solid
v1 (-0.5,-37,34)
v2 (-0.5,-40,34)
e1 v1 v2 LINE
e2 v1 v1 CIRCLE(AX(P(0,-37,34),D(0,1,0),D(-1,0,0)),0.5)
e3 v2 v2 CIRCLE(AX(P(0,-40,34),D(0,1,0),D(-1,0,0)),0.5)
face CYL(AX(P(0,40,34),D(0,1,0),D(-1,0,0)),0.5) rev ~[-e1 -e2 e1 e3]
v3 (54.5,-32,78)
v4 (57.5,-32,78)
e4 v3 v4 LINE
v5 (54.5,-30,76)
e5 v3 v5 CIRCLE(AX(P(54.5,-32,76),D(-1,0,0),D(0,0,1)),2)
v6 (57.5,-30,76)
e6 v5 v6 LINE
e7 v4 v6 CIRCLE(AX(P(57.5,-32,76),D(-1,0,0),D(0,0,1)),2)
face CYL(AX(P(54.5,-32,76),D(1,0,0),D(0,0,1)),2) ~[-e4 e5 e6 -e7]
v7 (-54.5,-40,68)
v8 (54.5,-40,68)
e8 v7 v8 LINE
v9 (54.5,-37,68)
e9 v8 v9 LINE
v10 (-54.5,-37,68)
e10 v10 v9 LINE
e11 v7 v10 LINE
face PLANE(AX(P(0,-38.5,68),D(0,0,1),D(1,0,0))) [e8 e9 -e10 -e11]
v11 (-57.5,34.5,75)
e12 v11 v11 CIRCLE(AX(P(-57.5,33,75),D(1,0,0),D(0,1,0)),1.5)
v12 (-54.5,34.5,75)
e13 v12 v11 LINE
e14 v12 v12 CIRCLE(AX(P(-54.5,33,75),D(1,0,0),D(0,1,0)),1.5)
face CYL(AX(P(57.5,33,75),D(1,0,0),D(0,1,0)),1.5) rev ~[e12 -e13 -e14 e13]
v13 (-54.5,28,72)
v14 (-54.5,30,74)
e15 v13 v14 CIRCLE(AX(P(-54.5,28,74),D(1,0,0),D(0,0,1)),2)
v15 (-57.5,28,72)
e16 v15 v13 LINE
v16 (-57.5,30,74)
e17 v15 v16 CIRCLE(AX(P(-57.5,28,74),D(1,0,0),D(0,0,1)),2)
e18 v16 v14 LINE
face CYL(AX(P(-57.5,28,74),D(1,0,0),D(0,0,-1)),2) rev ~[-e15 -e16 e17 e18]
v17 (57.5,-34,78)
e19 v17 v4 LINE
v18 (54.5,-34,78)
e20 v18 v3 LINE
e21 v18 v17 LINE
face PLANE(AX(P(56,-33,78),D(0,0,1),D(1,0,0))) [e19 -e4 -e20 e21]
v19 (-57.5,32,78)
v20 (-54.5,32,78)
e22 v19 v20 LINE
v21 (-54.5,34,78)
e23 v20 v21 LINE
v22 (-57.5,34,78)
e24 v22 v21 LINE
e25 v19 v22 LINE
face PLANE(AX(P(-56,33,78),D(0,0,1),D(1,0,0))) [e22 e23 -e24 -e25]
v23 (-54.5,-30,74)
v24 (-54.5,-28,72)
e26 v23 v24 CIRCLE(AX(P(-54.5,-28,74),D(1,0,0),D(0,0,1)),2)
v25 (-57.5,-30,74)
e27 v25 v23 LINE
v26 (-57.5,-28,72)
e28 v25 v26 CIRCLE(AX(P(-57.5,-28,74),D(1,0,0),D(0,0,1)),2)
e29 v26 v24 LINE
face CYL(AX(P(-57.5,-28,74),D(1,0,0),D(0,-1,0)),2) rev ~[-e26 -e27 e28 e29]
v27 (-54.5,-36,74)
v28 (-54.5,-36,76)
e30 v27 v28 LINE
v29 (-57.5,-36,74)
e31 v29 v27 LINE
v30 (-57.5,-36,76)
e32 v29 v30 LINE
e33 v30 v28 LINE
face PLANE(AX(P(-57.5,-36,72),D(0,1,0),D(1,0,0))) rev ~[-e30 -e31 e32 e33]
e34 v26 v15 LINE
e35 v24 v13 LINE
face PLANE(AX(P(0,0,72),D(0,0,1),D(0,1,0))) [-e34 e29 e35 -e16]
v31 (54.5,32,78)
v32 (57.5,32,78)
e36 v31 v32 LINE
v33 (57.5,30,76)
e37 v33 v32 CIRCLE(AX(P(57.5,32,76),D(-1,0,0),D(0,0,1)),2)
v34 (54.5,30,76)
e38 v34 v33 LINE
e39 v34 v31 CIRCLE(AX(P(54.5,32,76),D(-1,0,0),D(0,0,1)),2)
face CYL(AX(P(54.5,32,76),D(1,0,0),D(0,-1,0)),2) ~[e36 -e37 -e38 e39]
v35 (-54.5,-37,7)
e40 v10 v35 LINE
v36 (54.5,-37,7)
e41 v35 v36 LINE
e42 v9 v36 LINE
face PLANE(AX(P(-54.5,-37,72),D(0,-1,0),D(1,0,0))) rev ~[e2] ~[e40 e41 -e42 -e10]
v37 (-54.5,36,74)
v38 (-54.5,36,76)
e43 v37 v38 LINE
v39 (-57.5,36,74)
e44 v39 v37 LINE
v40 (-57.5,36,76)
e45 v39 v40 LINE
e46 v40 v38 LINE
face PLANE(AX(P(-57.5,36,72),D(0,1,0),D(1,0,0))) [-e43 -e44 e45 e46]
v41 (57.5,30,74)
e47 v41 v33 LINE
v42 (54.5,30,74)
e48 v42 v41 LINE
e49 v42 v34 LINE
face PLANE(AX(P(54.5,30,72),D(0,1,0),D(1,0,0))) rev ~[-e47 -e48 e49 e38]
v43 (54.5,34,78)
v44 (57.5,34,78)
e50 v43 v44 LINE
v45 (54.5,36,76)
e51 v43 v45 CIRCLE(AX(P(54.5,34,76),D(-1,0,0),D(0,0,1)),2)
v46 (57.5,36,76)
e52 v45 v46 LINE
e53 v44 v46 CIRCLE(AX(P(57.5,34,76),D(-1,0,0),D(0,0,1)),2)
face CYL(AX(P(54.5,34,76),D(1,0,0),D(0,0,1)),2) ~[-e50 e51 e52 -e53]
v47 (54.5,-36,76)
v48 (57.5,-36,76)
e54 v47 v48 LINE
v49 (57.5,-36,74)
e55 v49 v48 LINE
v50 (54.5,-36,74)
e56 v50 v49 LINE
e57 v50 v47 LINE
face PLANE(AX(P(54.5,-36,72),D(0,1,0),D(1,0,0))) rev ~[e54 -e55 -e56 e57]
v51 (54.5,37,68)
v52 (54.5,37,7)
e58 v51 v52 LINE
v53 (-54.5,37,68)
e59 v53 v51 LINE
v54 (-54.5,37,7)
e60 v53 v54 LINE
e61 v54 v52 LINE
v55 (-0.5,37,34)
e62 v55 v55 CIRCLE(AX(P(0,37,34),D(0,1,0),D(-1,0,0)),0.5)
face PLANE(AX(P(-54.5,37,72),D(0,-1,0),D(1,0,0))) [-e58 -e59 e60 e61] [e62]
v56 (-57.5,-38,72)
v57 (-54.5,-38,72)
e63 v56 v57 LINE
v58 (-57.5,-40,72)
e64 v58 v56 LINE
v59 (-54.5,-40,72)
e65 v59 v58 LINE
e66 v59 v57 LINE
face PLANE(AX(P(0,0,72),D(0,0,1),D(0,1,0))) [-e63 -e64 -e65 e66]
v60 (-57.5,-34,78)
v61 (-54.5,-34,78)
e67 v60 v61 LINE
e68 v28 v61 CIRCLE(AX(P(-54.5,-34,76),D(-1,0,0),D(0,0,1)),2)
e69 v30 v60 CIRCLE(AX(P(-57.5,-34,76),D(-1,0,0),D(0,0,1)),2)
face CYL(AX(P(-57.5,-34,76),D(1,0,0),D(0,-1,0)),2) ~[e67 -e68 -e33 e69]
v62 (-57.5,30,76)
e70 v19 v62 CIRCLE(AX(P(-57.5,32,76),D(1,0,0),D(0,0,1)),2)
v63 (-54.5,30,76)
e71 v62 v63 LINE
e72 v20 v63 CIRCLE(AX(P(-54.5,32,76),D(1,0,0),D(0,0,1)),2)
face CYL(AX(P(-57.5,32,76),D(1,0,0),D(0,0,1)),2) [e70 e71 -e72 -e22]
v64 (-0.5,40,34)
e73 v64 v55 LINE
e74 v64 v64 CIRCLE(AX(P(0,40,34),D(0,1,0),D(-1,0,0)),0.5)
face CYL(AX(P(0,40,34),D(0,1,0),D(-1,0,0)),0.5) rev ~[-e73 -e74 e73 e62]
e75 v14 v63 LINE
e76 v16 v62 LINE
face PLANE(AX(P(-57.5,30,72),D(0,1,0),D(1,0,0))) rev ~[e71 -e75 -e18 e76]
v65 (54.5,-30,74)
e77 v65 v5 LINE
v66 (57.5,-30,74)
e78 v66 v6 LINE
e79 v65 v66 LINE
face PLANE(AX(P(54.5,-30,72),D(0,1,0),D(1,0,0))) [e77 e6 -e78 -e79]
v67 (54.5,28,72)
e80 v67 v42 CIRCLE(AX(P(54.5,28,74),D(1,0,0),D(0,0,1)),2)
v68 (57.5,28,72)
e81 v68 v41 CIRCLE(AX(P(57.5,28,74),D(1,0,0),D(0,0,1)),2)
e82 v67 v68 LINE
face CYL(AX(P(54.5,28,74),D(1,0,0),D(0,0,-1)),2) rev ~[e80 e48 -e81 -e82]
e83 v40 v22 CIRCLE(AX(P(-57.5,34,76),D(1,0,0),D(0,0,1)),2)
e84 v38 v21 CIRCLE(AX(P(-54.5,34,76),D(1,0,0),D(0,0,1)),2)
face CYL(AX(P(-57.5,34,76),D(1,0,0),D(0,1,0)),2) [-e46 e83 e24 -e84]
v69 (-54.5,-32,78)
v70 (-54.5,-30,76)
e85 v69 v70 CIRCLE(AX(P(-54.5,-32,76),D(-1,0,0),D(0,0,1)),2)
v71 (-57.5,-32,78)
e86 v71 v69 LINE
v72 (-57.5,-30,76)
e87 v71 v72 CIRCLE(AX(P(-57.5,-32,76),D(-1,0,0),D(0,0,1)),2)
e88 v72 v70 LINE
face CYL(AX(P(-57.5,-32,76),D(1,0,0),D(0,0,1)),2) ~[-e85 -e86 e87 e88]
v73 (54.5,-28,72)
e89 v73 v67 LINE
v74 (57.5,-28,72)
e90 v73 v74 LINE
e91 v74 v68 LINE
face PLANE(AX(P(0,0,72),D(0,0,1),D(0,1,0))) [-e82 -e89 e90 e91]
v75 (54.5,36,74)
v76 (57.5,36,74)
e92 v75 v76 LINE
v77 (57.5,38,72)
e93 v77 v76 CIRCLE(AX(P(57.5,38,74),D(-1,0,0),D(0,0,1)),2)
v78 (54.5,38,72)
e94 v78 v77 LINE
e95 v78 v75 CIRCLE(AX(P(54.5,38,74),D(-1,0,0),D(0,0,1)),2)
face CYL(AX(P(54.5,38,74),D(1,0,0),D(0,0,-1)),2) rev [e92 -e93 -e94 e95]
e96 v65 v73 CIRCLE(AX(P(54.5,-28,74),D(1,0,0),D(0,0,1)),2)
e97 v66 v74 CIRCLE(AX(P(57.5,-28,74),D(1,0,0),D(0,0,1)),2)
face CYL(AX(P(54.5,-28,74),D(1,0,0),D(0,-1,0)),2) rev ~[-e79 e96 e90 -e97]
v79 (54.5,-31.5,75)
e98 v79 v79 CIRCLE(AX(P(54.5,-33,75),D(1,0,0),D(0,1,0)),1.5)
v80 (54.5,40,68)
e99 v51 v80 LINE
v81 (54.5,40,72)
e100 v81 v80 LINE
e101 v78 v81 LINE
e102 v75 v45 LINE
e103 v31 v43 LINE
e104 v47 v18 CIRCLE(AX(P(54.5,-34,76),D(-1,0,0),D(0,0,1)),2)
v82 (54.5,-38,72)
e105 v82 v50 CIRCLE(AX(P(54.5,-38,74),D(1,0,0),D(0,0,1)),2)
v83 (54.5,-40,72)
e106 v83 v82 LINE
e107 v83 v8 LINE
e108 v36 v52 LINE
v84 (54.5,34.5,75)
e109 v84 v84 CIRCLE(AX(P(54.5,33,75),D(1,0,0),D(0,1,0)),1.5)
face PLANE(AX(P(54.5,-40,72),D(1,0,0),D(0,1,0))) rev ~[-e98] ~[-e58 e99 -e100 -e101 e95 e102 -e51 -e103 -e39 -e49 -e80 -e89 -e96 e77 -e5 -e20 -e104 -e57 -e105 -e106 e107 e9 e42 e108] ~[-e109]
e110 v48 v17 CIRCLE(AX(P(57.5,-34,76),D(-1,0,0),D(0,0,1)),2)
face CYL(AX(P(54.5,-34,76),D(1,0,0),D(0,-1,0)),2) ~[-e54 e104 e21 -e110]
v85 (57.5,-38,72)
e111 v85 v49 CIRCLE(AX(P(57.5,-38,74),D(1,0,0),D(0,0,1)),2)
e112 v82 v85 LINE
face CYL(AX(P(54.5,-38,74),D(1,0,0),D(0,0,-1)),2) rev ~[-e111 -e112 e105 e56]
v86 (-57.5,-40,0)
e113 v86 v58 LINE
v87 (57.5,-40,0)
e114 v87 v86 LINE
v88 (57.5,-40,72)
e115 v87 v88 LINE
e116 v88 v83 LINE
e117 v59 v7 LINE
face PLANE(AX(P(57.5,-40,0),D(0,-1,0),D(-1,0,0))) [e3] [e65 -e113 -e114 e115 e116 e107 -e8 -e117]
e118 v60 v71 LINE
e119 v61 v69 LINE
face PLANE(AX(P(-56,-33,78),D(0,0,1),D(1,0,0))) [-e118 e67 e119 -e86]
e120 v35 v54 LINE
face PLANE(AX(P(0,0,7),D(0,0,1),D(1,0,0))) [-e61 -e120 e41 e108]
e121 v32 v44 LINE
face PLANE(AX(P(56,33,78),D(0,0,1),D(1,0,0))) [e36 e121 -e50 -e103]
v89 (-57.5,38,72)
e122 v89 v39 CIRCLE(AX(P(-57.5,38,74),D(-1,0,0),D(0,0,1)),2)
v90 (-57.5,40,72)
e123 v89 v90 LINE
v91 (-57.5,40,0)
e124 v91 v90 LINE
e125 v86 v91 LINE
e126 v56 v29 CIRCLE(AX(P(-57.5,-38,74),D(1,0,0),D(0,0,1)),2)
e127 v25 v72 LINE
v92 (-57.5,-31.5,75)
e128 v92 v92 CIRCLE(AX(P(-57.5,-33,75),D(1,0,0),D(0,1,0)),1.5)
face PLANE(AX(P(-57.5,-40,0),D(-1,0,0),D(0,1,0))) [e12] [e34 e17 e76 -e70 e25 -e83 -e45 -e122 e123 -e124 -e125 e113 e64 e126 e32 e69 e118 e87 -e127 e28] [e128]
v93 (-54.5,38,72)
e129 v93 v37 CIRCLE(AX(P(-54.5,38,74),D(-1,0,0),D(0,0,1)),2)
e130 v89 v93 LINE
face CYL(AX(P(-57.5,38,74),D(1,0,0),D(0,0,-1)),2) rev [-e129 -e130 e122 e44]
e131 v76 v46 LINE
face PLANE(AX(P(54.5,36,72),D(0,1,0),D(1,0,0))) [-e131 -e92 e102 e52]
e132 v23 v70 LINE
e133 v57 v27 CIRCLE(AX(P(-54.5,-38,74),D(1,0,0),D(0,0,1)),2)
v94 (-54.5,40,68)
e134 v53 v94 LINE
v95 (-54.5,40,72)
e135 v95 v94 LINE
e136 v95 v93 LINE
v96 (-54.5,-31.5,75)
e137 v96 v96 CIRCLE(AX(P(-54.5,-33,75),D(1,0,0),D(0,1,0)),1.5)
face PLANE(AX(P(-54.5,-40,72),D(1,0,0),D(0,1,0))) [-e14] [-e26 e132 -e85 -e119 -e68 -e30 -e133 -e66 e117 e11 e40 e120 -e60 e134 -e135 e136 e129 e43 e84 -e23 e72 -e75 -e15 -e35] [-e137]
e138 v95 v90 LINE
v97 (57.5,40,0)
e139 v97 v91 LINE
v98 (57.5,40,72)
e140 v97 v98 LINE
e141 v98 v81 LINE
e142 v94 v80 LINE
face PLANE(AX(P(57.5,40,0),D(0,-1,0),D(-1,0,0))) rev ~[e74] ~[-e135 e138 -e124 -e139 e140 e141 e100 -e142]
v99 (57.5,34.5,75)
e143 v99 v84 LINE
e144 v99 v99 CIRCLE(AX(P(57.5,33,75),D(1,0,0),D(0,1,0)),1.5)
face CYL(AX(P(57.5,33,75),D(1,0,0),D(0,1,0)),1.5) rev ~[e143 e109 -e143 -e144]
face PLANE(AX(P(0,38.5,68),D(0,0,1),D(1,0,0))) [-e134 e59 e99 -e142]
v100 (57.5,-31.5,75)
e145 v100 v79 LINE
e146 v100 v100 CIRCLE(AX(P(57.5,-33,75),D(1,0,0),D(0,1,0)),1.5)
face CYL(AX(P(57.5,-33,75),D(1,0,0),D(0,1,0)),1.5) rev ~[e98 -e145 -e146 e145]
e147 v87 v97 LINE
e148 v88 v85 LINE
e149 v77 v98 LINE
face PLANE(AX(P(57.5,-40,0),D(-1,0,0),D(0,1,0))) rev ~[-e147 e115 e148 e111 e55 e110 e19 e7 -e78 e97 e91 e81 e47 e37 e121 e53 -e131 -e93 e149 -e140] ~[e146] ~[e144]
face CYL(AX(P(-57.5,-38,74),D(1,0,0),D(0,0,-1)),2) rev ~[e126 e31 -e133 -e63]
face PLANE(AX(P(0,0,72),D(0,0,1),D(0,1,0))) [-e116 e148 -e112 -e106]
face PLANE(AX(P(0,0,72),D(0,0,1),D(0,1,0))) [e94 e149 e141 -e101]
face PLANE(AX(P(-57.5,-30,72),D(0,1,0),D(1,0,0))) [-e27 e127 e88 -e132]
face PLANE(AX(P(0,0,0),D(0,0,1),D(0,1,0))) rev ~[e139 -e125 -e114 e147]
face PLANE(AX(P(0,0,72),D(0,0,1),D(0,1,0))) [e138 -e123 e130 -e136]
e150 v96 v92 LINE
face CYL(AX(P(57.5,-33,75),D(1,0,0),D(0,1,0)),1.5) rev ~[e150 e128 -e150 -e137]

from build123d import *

# Parameters (mm, degrees)
SKETCH1_W               = 80
SKETCH1_H               = 115
BOSS_EXTRUDE1_DEPTH     = 72
SKETCH3_W               = 109
SKETCH3_H               = 74
CUT_EXTRUDE1_DEPTH      = 1
CUT_EXTRUDE1_DEPTH_BACK = 65
SKETCH4_W               = 3
SKETCH4_H               = 6
BOSS_EXTRUDE2_DEPTH     = 6
SKETCH5_W               = 109
SKETCH5_H               = 3
CUT_EXTRUDE2_DEPTH      = 4
SKETCH6_R               = 1.5
CUT_EXTRUDE3_DEPTH      = 1
CUT_EXTRUDE3_DEPTH_BACK = 116
FILLET1_R               = 2
SKETCH7_R               = 0.5
CUT_EXTRUDE4_DEPTH      = 1
CUT_EXTRUDE4_DEPTH_BACK = 81


with BuildPart() as part:
    # Sketch1 → Boss-Extrude1 (new body)
    with BuildSketch(Plane(origin=(0, 0, 0), x_dir=(0, 1, 0), z_dir=(0, 0, 1))):
        Rectangle(SKETCH1_W, SKETCH1_H)
    extrude(amount=BOSS_EXTRUDE1_DEPTH)

    # Sketch3 → Cut-Extrude1 (cut, two sides)
    with BuildSketch(Plane.XY.offset(72)) as cut_extrude1_sk:
        Rectangle(SKETCH3_W, SKETCH3_H)
    extrude(amount=CUT_EXTRUDE1_DEPTH, mode=Mode.SUBTRACT)
    extrude(cut_extrude1_sk.sketch, amount=-CUT_EXTRUDE1_DEPTH_BACK, mode=Mode.SUBTRACT)

    # Sketch4 → Boss-Extrude2 (add)
    with BuildSketch(Plane.XY.offset(72)):
        with Locations((-56, 33)):
            Rectangle(SKETCH4_W, SKETCH4_H)
        with Locations((-56, -33)):
            Rectangle(SKETCH4_W, SKETCH4_H)
        with Locations((56, -33)):
            Rectangle(SKETCH4_W, SKETCH4_H)
        with Locations((56, 33)):
            Rectangle(SKETCH4_W, SKETCH4_H)
    extrude(amount=BOSS_EXTRUDE2_DEPTH)

    # Sketch5 → Cut-Extrude2 (cut)
    with BuildSketch(Plane.XY.offset(72)):
        with Locations((0, 38.5)):
            Rectangle(SKETCH5_W, SKETCH5_H)
        with Locations((0, -38.5)):
            Rectangle(SKETCH5_W, SKETCH5_H)
    extrude(amount=-CUT_EXTRUDE2_DEPTH, mode=Mode.SUBTRACT)

    # Sketch6 → Cut-Extrude3 (cut, two sides)
    with BuildSketch(Plane.YZ.offset(57.5)) as cut_extrude3_sk:
        with Locations((-33, 75)):
            Circle(SKETCH6_R)
        with Locations((33, 75)):
            Circle(SKETCH6_R)
    extrude(amount=CUT_EXTRUDE3_DEPTH, mode=Mode.SUBTRACT)
    extrude(cut_extrude3_sk.sketch, amount=-CUT_EXTRUDE3_DEPTH_BACK, mode=Mode.SUBTRACT)

    # Fillet1
    fillet1_edges = [part.edges().sort_by_distance(p)[0] for p in [
        (56, 30, 72),
        (56, 36, 72),
        (56, 30, 78),
        (56, 36, 78),
        (56, -36, 72),
        (56, -30, 72),
        (56, -36, 78),
        (56, -30, 78),
        (-56, -30, 72),
        (-56, -36, 72),
        (-56, -30, 78),
        (-56, -36, 78),
        (-56, 36, 72),
        (-56, 30, 72),
        (-56, 36, 78),
        (-56, 30, 78),
    ]]
    fillet(fillet1_edges, radius=FILLET1_R)

    # Sketch7 → Cut-Extrude4 (cut, two sides)
    with BuildSketch(Plane(origin=(0, 40, 0), x_dir=(-1, 0, 0), z_dir=(0, 1, 0))) as cut_extrude4_sk:
        with Locations((0, 34)):
            Circle(SKETCH7_R)
    extrude(amount=CUT_EXTRUDE4_DEPTH, mode=Mode.SUBTRACT)
    extrude(cut_extrude4_sk.sketch, amount=-CUT_EXTRUDE4_DEPTH_BACK, mode=Mode.SUBTRACT)


solid = part.part
